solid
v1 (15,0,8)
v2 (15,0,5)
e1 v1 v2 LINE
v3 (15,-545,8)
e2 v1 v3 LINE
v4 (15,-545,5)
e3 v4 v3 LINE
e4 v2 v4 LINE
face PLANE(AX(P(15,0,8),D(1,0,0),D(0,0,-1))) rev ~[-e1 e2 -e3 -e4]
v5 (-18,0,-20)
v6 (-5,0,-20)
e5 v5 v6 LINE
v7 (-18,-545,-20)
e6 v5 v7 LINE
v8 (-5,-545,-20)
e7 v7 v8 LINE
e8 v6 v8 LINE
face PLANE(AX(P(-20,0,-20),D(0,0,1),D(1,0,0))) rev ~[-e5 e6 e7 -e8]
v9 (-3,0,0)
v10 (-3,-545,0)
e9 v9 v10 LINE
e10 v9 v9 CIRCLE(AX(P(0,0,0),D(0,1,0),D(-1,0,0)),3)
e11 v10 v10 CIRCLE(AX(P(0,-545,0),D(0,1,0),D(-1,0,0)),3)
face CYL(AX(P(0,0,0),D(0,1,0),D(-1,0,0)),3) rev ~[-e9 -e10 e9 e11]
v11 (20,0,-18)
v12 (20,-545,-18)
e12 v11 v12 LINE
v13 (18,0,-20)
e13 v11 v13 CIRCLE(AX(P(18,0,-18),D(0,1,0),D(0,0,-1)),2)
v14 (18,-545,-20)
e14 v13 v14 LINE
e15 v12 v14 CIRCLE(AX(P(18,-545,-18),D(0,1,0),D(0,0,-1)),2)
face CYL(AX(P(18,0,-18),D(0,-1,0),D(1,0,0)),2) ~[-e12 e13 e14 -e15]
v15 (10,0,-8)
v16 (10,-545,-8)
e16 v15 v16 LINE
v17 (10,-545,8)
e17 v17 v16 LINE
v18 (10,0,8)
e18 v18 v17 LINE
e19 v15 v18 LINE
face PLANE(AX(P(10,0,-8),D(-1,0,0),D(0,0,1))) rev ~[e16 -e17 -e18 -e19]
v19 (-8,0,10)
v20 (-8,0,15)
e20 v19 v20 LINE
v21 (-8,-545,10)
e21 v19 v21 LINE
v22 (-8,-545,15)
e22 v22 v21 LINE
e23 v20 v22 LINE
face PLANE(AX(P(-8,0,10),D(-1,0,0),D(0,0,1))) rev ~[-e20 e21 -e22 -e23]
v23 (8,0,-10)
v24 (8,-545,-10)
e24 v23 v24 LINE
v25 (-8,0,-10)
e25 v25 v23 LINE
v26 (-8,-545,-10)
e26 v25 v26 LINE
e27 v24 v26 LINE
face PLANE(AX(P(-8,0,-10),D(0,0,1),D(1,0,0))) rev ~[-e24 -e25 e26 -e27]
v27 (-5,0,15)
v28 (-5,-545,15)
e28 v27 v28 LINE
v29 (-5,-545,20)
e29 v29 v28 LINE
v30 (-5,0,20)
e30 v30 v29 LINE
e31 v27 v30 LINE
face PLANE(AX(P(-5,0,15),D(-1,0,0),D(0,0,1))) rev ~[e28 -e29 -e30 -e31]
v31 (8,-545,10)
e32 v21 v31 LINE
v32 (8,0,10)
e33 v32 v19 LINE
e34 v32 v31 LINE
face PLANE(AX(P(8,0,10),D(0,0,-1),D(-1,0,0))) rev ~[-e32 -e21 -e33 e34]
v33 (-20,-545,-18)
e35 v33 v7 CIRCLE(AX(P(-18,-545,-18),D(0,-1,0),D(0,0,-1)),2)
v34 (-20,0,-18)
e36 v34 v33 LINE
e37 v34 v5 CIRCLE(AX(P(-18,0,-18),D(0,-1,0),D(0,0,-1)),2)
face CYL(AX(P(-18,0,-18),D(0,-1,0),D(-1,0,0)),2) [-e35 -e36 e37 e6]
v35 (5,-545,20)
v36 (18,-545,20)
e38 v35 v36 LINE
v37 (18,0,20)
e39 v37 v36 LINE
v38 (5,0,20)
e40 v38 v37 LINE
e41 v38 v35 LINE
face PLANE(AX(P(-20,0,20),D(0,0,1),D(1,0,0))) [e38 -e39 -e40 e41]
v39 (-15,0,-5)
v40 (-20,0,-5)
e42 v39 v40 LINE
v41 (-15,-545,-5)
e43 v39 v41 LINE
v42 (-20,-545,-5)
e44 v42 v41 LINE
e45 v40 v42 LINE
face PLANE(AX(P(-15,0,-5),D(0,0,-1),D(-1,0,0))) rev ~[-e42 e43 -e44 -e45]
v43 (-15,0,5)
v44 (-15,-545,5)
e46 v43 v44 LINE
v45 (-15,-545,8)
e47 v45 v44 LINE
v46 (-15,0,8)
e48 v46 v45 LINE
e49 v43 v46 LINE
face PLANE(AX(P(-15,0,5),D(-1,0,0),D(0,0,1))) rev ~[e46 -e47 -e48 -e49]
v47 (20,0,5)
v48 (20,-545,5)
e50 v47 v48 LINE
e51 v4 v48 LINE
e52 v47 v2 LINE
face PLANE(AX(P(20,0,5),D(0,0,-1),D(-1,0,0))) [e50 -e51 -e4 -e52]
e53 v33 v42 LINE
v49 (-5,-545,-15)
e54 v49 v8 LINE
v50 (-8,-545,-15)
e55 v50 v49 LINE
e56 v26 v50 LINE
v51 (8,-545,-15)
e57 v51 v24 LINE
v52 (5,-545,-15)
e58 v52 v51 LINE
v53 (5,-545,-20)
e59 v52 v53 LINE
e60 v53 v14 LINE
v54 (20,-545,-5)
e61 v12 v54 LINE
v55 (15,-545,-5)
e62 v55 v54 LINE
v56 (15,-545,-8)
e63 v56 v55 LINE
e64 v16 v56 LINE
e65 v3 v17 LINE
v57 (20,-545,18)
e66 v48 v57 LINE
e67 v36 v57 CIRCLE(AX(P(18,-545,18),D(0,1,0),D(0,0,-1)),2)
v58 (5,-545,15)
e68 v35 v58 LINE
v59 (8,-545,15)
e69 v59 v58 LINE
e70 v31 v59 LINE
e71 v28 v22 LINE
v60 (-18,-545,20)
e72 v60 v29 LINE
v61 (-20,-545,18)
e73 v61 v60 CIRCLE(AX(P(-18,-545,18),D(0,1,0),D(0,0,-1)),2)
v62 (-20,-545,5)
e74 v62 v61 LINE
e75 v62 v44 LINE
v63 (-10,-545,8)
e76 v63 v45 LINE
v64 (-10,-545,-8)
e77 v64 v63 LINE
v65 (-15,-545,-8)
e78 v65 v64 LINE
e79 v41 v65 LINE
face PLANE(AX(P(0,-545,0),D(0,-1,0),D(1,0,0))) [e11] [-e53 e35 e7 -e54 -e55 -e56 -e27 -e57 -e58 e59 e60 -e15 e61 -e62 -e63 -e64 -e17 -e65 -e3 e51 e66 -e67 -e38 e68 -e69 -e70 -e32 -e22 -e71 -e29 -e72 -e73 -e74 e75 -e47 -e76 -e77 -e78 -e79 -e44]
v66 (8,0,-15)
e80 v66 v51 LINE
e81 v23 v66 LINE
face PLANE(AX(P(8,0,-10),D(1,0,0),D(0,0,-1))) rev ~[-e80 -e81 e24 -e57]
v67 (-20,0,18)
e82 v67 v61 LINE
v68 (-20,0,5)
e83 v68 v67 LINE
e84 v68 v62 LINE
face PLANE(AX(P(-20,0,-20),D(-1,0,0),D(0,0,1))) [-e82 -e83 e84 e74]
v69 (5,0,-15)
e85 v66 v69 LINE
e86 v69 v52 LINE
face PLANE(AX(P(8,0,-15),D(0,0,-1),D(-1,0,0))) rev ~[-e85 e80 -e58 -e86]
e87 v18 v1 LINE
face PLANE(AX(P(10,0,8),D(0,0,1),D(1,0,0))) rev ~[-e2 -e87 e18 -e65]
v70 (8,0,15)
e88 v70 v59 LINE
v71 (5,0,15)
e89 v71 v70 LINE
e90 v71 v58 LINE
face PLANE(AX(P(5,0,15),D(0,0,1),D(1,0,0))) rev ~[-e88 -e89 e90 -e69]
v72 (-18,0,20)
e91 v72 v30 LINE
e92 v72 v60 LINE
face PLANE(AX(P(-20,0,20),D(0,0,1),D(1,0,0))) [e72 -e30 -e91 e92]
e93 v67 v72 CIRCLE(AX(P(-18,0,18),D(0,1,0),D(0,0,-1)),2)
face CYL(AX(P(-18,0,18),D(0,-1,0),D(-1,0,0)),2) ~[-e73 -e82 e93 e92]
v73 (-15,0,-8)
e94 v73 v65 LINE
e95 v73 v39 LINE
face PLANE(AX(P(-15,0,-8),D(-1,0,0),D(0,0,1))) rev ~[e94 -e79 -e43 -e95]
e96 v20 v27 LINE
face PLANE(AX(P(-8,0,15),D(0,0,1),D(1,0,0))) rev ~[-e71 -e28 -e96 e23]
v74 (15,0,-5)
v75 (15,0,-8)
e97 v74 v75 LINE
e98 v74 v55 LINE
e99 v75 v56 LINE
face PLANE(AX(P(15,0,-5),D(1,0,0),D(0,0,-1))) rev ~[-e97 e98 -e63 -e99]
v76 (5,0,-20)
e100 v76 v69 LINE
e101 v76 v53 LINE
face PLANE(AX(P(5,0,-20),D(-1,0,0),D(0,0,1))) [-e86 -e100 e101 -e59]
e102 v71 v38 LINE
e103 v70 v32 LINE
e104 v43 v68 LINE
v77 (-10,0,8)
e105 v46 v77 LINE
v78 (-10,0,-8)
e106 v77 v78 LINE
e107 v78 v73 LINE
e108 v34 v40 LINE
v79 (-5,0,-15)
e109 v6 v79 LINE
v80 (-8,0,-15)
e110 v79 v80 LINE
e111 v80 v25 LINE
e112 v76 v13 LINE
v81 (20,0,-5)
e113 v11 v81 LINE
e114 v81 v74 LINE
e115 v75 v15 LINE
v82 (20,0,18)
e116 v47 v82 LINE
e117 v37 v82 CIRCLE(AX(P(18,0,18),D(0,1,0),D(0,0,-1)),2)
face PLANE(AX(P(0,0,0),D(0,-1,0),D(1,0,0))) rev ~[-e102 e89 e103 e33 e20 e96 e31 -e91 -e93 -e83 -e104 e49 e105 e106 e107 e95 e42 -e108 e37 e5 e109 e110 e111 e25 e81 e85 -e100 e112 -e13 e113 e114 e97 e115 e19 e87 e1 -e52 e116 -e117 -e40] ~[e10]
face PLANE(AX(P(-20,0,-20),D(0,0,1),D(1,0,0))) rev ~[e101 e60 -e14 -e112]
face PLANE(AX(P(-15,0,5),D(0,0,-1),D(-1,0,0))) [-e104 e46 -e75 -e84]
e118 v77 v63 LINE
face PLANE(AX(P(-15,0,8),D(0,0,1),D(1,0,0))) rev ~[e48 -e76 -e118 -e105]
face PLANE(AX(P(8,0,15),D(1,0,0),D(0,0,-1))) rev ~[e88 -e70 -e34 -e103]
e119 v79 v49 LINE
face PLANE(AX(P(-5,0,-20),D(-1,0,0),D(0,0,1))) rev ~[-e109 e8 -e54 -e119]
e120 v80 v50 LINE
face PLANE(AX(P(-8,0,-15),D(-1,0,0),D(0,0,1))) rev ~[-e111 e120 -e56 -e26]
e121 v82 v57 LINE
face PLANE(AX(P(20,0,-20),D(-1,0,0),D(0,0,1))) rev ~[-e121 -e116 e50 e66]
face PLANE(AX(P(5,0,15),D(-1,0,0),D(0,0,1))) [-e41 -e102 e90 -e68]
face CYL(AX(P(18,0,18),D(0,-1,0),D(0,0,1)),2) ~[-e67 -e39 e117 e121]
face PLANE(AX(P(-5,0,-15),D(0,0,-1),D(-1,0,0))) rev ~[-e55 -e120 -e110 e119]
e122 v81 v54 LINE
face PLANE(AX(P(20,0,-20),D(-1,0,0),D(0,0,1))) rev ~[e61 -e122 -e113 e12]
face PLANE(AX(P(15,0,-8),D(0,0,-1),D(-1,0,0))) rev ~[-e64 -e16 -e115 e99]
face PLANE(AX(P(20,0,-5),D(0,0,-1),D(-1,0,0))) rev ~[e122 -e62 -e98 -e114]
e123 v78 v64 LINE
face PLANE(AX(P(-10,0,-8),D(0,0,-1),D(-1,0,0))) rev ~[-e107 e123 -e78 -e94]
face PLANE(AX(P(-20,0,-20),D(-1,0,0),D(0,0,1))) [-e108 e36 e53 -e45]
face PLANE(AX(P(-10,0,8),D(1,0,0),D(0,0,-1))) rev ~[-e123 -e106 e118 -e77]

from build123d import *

# Parameters (mm, degrees)
F0_W     = 40
F0_H     = 40
F1_DEPTH = 545
F2_W     = 5
F2_H     = 10
F2_W_2   = 10
F2_H_2   = 5
F2_R     = 3
F3_DEPTH = 545.001
F4_R     = 2


with BuildPart() as f1:
    # F0 (on Front) → F1 (new body)
    with BuildSketch(Plane.XZ):
        Rectangle(F0_W, F0_H)
    extrude(amount=F1_DEPTH)

    # F2 (on face) → F3 (cut, through all)
    with BuildSketch(Plane(origin=(0, 0, 0), x_dir=(-1, 0, 0), z_dir=(0, 1, 0))):
        with Locations((-17.5, 0)):
            Rectangle(F2_W, F2_H)
        Polygon((-15, 8), (-15, 5), (-15, -5), (-15, -8), (-10, -8), (-10, 8), align=None)
        Polygon((5, 15), (-5, 15), (-8, 15), (-8, 10), (8, 10), (8, 15), align=None)
        with Locations((0, 17.5)):
            Rectangle(F2_W_2, F2_H_2)
        Polygon((15, -5), (15, 5), (15, 8), (10, 8), (10, -8), (15, -8), align=None)
        with Locations((17.5, 0)):
            Rectangle(F2_W, F2_H)
        Circle(F2_R)
        Polygon((-8, -15), (-5, -15), (5, -15), (8, -15), (8, -10), (-8, -10), align=None)
        with Locations((0, -17.5)):
            Rectangle(F2_W_2, F2_H_2)
    extrude(amount=-F3_DEPTH, mode=Mode.SUBTRACT)

    # F4
    f4_edges = [f1.edges().sort_by_distance(p)[0] for p in [
        (20, -272.5, 20),
        (-20, -272.5, 20),
        (20, -272.5, -20),
        (-20, -272.5, -20),
    ]]
    fillet(f4_edges, radius=F4_R)


solid = f1.part
